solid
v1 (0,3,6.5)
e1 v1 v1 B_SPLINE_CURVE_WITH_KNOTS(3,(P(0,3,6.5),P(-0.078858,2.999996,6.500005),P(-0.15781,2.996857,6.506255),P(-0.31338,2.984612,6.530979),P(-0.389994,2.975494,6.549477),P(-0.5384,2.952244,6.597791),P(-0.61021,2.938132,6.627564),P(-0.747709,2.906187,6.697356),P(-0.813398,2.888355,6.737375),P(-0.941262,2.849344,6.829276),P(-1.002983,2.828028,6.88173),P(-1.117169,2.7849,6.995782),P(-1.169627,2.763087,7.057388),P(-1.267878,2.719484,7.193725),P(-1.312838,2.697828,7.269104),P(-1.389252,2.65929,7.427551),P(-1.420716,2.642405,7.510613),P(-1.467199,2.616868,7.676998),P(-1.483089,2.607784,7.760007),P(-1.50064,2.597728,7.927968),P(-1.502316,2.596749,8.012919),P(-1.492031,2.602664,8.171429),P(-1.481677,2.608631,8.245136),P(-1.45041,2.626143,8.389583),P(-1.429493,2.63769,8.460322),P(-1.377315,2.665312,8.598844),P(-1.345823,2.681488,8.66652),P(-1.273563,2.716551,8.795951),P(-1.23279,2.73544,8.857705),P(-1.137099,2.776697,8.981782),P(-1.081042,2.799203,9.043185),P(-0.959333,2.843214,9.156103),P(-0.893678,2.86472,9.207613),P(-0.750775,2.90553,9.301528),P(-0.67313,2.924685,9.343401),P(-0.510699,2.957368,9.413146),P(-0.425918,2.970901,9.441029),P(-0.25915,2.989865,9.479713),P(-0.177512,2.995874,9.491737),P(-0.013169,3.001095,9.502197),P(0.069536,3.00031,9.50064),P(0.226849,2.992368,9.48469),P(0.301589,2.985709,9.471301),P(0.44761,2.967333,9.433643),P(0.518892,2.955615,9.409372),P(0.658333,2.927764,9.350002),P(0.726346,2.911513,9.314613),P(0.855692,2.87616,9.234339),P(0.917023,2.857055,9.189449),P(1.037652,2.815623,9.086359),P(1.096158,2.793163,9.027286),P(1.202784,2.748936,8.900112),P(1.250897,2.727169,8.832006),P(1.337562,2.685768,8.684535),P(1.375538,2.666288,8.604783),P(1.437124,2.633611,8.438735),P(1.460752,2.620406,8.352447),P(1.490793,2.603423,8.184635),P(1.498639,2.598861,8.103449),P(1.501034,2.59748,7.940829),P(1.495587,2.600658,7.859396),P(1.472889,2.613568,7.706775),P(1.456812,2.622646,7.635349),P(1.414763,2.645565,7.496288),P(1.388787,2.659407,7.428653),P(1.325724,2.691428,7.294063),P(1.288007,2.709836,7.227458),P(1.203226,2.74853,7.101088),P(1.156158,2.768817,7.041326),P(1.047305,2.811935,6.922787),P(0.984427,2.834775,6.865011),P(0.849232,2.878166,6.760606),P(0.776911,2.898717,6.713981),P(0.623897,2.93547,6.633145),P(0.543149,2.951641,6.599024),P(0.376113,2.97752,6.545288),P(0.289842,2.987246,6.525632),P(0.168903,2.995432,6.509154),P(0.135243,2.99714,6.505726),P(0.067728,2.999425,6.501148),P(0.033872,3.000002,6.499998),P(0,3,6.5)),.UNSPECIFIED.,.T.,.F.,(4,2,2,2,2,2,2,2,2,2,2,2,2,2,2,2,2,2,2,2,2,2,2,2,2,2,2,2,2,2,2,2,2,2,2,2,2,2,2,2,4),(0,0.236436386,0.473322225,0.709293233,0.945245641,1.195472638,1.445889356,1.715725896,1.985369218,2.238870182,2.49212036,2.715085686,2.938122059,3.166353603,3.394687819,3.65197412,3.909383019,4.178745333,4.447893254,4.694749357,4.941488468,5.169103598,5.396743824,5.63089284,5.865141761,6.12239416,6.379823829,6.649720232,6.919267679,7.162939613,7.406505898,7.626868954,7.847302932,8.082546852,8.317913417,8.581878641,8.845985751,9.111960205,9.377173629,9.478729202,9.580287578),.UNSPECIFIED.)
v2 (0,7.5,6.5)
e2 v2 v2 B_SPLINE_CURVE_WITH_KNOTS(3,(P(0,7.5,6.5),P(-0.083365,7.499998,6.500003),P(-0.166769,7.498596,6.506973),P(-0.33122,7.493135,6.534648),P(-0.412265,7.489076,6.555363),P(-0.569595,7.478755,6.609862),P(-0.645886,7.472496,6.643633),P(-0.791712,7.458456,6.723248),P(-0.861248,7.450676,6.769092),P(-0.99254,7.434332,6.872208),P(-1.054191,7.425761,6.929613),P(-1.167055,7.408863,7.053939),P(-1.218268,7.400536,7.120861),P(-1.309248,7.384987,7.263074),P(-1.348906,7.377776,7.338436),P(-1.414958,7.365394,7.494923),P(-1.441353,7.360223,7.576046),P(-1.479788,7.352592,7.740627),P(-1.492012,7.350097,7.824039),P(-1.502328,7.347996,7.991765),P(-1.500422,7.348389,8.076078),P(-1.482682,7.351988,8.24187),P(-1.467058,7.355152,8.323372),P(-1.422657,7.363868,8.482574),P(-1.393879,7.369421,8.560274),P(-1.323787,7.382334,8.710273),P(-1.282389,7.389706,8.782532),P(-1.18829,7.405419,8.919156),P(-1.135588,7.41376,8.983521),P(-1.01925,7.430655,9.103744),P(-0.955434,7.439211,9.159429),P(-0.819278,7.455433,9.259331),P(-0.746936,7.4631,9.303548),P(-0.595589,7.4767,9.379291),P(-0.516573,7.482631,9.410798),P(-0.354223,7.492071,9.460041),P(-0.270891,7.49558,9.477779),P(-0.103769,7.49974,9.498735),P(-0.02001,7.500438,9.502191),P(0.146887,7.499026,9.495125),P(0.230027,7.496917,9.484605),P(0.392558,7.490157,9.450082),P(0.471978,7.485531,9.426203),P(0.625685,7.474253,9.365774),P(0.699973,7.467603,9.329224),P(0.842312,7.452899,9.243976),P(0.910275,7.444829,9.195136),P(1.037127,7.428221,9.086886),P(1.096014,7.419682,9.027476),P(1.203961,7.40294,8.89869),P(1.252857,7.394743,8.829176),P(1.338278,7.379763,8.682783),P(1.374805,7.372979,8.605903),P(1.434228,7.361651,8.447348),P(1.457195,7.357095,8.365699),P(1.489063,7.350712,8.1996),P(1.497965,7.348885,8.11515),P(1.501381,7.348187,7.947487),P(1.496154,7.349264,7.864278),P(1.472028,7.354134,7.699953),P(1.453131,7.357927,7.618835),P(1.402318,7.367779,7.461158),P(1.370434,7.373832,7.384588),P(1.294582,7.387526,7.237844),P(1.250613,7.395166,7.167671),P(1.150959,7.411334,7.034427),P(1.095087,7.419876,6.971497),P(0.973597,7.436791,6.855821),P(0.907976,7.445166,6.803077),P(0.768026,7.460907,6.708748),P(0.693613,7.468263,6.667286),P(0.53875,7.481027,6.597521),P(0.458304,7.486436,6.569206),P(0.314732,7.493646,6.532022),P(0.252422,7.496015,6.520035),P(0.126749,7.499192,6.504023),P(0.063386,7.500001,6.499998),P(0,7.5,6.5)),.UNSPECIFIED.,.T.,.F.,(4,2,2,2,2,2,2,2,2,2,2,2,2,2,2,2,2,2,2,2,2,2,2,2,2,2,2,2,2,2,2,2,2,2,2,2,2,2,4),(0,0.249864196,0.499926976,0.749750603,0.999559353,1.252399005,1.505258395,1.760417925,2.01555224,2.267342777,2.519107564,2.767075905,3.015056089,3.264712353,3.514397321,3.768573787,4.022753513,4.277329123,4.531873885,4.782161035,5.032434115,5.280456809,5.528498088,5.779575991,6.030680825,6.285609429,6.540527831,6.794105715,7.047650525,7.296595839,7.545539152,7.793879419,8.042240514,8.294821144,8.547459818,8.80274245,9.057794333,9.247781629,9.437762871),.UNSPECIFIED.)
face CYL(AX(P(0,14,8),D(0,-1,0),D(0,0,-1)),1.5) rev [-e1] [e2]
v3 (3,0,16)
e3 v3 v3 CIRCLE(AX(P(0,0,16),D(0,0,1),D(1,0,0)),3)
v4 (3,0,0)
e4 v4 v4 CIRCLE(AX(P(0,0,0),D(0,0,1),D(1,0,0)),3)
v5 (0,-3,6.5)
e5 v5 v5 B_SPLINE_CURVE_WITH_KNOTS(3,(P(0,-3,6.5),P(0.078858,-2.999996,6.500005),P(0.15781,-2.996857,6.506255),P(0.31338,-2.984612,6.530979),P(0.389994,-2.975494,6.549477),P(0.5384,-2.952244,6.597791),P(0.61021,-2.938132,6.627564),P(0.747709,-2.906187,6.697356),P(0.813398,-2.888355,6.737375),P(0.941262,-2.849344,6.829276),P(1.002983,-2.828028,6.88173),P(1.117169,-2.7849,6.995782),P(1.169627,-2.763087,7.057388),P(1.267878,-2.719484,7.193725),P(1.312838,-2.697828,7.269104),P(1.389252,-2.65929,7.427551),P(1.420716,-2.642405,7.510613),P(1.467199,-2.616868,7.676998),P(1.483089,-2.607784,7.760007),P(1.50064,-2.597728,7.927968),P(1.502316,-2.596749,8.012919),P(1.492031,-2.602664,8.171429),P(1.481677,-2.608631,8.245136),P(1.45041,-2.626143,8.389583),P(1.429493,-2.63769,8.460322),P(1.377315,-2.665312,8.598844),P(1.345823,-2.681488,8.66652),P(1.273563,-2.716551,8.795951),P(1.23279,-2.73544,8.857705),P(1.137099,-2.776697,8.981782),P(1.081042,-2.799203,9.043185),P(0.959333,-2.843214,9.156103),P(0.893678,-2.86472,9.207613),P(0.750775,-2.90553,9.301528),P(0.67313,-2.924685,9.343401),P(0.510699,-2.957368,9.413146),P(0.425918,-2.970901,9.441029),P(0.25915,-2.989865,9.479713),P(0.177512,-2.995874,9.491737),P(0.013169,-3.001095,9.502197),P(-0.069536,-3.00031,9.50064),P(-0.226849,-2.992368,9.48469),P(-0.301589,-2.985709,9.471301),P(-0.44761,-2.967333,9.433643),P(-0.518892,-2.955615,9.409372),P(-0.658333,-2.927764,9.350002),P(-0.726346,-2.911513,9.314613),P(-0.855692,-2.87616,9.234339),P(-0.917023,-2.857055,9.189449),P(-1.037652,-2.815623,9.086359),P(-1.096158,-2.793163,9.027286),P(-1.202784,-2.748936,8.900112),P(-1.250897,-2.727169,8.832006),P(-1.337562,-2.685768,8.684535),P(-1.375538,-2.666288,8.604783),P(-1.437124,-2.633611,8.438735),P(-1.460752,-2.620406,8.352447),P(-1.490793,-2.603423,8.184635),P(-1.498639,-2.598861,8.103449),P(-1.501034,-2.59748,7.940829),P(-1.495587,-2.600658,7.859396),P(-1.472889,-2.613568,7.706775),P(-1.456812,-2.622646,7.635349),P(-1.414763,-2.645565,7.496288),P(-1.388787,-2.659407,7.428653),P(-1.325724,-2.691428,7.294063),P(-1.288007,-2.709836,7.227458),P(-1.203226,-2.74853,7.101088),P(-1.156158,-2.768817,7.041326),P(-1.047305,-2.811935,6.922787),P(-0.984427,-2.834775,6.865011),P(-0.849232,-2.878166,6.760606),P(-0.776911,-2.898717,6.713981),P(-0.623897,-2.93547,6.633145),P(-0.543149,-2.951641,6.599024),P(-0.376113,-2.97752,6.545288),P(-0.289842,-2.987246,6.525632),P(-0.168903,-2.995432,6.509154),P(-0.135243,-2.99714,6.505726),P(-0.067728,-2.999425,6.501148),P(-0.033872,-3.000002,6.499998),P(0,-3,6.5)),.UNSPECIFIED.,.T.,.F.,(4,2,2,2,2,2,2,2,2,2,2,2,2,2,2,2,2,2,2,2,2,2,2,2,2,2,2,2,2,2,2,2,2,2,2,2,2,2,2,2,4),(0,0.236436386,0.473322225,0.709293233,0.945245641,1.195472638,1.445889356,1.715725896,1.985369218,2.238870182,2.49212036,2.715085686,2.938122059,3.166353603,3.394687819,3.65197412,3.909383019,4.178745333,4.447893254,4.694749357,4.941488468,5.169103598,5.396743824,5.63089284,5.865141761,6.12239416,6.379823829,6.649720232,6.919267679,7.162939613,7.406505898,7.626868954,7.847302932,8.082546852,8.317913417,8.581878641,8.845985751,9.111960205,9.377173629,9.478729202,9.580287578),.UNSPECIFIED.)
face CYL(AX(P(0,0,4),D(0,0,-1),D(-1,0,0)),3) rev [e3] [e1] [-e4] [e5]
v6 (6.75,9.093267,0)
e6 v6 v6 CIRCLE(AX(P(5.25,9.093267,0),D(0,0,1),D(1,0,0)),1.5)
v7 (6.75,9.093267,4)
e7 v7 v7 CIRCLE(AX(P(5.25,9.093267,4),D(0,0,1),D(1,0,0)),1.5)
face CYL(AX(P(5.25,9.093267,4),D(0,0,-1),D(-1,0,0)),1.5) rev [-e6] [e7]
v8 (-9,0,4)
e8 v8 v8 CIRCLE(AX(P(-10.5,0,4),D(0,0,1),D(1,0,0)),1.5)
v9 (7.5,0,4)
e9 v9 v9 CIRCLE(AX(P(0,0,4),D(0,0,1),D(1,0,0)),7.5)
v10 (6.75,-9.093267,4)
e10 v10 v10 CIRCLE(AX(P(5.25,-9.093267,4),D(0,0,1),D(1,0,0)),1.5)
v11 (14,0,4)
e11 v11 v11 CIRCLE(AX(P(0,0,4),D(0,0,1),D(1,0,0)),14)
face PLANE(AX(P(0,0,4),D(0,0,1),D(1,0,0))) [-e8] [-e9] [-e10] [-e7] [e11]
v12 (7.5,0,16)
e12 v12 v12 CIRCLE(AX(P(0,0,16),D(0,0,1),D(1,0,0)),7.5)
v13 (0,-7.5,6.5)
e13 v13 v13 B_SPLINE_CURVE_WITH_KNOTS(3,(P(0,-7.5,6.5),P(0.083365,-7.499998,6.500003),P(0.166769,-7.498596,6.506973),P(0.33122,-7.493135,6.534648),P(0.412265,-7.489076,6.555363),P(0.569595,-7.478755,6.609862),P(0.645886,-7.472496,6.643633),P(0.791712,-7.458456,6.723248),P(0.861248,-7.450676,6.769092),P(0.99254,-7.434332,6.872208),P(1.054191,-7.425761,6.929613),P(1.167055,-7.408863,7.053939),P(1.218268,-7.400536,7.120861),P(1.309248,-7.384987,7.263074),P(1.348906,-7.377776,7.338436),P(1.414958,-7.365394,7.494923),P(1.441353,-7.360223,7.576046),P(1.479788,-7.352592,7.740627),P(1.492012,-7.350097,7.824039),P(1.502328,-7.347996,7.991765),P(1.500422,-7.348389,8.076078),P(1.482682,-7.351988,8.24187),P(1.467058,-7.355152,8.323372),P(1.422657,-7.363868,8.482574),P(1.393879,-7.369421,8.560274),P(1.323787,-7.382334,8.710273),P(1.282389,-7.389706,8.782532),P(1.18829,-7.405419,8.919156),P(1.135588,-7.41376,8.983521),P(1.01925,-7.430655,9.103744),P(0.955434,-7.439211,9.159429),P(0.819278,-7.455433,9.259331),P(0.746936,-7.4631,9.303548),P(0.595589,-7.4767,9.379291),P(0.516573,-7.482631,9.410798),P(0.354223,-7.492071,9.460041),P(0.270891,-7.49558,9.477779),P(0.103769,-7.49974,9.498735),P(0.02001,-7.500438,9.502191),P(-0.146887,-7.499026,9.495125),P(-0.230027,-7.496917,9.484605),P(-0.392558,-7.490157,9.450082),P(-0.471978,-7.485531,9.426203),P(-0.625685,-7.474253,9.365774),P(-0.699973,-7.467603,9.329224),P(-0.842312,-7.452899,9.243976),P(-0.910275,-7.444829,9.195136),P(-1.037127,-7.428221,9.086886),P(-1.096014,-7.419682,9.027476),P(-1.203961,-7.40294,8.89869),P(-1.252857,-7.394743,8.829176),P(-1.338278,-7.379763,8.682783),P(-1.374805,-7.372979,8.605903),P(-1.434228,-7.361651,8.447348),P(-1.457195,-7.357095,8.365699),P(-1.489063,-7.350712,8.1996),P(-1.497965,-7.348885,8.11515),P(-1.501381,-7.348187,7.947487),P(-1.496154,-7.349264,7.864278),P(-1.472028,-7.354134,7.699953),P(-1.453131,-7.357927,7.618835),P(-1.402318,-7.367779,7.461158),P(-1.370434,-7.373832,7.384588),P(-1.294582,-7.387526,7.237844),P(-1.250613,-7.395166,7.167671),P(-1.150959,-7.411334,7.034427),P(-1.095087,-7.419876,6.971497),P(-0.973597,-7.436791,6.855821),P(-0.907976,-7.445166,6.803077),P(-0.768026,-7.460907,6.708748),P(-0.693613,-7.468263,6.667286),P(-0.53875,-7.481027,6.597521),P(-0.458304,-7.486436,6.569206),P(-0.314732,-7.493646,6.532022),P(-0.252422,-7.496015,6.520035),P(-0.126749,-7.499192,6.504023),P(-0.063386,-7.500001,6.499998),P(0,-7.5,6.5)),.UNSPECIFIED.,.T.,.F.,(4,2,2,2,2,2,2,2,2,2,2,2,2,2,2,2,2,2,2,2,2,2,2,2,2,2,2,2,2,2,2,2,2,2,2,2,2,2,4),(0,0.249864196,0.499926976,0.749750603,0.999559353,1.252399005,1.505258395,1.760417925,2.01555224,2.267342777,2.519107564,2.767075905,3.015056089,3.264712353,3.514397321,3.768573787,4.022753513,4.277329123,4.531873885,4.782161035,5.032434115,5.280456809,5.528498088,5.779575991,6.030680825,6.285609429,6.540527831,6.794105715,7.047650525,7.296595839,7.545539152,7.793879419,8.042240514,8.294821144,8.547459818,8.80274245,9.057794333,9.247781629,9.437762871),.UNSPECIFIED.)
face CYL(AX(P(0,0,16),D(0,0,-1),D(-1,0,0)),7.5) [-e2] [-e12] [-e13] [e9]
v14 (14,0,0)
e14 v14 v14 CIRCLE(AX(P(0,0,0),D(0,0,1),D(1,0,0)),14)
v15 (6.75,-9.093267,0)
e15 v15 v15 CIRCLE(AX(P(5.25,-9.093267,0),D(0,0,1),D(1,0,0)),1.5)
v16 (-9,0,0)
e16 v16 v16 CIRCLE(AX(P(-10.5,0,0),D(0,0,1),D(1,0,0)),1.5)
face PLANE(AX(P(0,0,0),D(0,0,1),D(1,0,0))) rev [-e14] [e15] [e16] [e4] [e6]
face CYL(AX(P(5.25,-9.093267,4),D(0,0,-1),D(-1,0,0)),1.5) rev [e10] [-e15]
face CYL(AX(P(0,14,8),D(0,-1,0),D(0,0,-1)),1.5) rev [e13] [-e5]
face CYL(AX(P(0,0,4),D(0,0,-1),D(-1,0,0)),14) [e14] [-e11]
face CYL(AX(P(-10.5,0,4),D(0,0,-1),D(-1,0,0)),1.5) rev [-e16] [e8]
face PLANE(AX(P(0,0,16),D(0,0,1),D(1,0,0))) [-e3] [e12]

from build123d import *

# Parameters (mm, degrees)
SKETCH_1_R               = 14
SKETCH_1_R_2             = 1.5
SKETCH_1_R_3             = 3
EXTRUDE_1_DEPTH          = 4
SKETCH_3_R               = 7.5
SKETCH_3_R_2             = 3
EXTRUDE_2_DEPTH          = 12
SKETCH_4_R               = 1.5
CUT_EXTRUDE_1_DEPTH      = 15
CUT_EXTRUDE_1_DEPTH_BACK = 15


with BuildPart() as part:
    # ｽｹｯﾁ1 → ﾎﾞｽ - 押し出し1 (new body)
    with BuildSketch(Plane.XY):
        Circle(SKETCH_1_R)
        with Locations((-10.5, 0)):
            Circle(SKETCH_1_R_2, mode=Mode.SUBTRACT)
        with Locations((5.25, -9.09326674)):
            Circle(SKETCH_1_R_2, mode=Mode.SUBTRACT)
        with Locations((5.25, 9.09326674)):
            Circle(SKETCH_1_R_2, mode=Mode.SUBTRACT)
        Circle(SKETCH_1_R_3, mode=Mode.SUBTRACT)
    extrude(amount=EXTRUDE_1_DEPTH)

    # ｽｹｯﾁ3 → ﾎﾞｽ - 押し出し2 (add)
    with BuildSketch(Plane.XY.offset(4)):
        Circle(SKETCH_3_R)
        Circle(SKETCH_3_R_2, mode=Mode.SUBTRACT)
    extrude(amount=EXTRUDE_2_DEPTH)

    # ｽｹｯﾁ4 → ｶｯﾄ - 押し出し1 (cut, two sides)
    with BuildSketch(Plane(origin=(0, 0, 0), x_dir=(1, 0, 0), z_dir=(0, 1, 0))) as cut_extrude_1_sk:
        with Locations((0, -8)):
            Circle(SKETCH_4_R)
    extrude(amount=CUT_EXTRUDE_1_DEPTH, mode=Mode.SUBTRACT)
    extrude(cut_extrude_1_sk.sketch, amount=-CUT_EXTRUDE_1_DEPTH_BACK, mode=Mode.SUBTRACT)


solid = part.part
